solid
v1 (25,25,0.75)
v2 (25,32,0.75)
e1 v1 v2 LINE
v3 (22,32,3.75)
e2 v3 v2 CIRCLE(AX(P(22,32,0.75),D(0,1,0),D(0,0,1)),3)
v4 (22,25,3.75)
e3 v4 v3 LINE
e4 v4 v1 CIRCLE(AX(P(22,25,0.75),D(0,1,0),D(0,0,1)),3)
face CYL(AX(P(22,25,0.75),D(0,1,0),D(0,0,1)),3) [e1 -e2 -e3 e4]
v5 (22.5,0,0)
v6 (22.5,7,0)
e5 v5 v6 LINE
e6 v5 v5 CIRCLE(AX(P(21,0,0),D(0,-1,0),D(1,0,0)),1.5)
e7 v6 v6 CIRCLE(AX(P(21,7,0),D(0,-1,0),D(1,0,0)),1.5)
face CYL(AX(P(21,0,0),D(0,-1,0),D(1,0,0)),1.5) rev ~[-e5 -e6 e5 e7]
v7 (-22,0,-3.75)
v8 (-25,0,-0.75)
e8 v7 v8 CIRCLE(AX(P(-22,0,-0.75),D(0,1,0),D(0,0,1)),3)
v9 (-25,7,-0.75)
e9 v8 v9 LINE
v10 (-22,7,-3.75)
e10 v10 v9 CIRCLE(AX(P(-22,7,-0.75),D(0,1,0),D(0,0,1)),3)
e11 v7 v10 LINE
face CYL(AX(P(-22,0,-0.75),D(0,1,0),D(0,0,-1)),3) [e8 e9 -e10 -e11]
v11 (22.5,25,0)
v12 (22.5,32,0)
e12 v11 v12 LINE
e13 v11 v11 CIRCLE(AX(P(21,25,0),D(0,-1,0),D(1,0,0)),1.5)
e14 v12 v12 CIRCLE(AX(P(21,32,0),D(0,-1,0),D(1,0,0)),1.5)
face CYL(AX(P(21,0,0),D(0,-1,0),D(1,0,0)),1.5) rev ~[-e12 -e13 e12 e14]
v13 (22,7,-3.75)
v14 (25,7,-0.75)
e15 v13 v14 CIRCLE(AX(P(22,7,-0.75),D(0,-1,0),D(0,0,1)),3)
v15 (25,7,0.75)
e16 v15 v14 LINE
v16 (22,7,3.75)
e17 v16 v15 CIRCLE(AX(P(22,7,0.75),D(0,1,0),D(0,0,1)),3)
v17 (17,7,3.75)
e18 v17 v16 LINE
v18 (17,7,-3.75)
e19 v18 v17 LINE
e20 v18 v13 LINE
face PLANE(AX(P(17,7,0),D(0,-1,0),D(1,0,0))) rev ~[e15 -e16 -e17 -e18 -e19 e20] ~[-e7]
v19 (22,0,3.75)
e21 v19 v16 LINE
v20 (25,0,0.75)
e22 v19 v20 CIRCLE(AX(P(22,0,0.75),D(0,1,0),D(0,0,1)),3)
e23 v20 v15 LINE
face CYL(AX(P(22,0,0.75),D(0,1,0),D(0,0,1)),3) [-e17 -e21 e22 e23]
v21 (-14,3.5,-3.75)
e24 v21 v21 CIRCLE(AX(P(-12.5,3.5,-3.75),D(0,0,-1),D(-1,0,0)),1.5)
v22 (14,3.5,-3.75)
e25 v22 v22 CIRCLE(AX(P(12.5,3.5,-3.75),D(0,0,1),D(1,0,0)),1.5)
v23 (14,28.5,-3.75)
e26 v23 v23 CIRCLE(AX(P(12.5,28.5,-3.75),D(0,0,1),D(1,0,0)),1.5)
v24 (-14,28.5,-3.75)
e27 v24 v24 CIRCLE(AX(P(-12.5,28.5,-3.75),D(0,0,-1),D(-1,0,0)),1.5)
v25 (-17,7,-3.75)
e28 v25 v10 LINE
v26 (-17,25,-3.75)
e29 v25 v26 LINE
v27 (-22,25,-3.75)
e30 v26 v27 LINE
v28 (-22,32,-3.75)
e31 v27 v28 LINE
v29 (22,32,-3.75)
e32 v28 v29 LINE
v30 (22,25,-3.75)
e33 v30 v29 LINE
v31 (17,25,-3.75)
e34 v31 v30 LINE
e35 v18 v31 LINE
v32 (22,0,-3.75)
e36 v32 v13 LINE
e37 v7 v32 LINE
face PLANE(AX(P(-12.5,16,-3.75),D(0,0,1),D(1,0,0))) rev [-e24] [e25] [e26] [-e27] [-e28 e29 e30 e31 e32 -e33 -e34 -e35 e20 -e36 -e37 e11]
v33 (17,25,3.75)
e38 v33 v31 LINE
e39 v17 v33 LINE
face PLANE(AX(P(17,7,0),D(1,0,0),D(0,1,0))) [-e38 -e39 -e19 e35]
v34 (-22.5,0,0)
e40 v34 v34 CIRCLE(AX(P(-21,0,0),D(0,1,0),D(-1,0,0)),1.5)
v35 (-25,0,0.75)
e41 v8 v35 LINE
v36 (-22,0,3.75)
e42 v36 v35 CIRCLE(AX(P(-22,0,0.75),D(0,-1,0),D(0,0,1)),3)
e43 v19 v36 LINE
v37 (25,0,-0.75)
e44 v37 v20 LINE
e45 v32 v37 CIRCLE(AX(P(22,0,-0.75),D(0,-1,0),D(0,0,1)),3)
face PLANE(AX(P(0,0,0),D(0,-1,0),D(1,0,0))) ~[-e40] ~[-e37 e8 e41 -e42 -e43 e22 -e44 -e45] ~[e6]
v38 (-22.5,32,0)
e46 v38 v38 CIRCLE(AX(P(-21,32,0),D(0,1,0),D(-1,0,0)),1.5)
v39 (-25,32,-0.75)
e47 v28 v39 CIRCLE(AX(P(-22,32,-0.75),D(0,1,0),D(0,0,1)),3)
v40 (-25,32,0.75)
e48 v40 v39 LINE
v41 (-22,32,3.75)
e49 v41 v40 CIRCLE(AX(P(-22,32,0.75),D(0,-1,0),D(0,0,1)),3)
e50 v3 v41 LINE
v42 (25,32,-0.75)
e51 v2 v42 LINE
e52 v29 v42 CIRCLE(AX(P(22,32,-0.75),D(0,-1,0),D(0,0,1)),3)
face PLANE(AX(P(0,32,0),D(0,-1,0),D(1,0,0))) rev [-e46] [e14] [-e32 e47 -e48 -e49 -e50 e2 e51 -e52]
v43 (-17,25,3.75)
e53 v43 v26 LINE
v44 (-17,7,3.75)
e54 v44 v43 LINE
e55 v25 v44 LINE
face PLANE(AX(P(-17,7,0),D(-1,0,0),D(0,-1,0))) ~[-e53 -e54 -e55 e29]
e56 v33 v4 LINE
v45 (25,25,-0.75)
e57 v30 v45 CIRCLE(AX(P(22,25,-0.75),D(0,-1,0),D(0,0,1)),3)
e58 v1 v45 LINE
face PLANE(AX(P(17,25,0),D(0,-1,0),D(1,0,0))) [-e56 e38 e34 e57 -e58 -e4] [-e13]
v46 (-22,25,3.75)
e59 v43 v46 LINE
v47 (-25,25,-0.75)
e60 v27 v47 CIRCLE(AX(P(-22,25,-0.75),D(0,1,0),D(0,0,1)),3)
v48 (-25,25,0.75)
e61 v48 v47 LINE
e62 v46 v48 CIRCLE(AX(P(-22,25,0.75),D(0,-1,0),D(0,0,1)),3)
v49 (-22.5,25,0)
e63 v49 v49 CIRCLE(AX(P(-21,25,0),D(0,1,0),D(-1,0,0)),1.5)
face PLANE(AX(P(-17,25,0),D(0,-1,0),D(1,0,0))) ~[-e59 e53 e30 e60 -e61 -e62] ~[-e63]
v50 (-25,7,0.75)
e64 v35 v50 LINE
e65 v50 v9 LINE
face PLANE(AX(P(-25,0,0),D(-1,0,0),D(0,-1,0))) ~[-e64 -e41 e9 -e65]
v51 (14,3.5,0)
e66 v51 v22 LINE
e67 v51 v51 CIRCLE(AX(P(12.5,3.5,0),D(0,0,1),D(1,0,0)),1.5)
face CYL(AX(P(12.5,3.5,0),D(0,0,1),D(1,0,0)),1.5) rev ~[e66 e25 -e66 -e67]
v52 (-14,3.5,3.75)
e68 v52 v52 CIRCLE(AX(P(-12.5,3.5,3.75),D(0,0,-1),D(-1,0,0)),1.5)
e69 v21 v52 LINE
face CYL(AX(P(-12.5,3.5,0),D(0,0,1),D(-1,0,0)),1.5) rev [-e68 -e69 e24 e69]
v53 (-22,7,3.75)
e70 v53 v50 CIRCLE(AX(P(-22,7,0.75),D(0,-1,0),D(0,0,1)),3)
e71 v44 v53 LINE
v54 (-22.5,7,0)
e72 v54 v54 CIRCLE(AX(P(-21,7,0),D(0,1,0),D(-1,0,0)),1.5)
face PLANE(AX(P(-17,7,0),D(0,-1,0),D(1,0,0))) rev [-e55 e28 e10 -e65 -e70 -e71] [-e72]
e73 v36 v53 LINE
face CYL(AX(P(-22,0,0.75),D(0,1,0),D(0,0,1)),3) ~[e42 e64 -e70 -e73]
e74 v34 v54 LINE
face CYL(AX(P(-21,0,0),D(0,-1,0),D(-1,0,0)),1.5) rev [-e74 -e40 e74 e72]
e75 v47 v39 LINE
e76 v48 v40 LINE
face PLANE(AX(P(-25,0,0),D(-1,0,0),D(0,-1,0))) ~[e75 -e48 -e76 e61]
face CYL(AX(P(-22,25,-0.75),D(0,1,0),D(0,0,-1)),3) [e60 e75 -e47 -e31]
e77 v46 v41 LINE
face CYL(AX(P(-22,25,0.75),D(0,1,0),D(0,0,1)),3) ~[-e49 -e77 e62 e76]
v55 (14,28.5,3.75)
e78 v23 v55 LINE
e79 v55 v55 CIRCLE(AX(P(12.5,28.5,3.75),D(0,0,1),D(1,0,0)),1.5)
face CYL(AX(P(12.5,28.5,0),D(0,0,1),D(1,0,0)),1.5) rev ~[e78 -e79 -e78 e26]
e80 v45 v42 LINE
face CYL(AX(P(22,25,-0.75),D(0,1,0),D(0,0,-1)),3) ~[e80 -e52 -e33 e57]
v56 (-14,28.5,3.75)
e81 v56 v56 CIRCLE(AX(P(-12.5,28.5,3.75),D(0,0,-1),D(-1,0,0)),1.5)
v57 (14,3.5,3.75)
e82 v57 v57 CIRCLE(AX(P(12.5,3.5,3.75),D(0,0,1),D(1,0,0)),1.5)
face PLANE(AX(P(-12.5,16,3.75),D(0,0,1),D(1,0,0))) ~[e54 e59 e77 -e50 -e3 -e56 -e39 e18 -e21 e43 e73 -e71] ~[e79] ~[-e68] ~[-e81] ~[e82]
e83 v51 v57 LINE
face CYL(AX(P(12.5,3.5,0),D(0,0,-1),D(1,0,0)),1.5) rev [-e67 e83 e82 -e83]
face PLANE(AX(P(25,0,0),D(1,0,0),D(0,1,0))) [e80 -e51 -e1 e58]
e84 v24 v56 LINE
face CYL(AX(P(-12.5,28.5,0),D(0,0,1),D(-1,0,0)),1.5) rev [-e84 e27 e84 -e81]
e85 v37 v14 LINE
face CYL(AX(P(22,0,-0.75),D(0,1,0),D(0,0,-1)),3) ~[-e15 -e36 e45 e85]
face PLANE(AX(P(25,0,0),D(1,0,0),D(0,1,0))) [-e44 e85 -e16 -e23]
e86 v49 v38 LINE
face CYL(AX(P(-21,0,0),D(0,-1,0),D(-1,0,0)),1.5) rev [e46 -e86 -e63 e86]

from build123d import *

# Parameters (mm, degrees)
F0_W     = 25
F0_H     = 32
F1_DEPTH = 3.75
F2_W     = 12.2002800852
F2_H     = 18
F3_DEPTH = 3.75
F4_R     = 1.5
F5_DEPTH = 32
F6_R     = 3
F7_R     = 1.5
F8_DEPTH = 3.75


with BuildPart() as f1:
    # F0 (on Top) → F1 (new body, symmetric)
    with BuildSketch(Plane.XY):
        with Locations((12.5, 16)):
            Rectangle(F0_W, F0_H)
    extrude(amount=F1_DEPTH, both=True)

    # F2 (on Top) → F3 (cut, symmetric)
    with BuildSketch(Plane.XY):
        with Locations((23.1001400426, 16)):
            Rectangle(F2_W, F2_H)
    extrude(amount=F3_DEPTH, both=True, mode=Mode.SUBTRACT)

    # F4 (on Front) → F5 (cut)
    with BuildSketch(Plane.XZ):
        with Locations((21, 0)):
            Circle(F4_R)
    extrude(amount=-F5_DEPTH, mode=Mode.SUBTRACT)

    # F6
    f6_edges = [f1.edges().sort_by_distance(p)[0] for p in [
        (25, 28.5, -3.75),
        (25, 28.5, 3.75),
        (25, 3.5, 3.75),
        (25, 3.5, -3.75),
    ]]
    fillet(f6_edges, radius=F6_R)

    # F7 (on Top) → F8 (cut, symmetric)
    with BuildSketch(Plane.XY):
        with Locations((12.5, 3.5)):
            Circle(F7_R)
        with Locations((12.5, 28.5)):
            Circle(F7_R)
    extrude(amount=F8_DEPTH, both=True, mode=Mode.SUBTRACT)

    # F9: F1 across plane


with BuildPart() as f1_1:
    add(f1.part)
    add(f1.part.mirror(Plane.YZ))


solid = f1_1.part
